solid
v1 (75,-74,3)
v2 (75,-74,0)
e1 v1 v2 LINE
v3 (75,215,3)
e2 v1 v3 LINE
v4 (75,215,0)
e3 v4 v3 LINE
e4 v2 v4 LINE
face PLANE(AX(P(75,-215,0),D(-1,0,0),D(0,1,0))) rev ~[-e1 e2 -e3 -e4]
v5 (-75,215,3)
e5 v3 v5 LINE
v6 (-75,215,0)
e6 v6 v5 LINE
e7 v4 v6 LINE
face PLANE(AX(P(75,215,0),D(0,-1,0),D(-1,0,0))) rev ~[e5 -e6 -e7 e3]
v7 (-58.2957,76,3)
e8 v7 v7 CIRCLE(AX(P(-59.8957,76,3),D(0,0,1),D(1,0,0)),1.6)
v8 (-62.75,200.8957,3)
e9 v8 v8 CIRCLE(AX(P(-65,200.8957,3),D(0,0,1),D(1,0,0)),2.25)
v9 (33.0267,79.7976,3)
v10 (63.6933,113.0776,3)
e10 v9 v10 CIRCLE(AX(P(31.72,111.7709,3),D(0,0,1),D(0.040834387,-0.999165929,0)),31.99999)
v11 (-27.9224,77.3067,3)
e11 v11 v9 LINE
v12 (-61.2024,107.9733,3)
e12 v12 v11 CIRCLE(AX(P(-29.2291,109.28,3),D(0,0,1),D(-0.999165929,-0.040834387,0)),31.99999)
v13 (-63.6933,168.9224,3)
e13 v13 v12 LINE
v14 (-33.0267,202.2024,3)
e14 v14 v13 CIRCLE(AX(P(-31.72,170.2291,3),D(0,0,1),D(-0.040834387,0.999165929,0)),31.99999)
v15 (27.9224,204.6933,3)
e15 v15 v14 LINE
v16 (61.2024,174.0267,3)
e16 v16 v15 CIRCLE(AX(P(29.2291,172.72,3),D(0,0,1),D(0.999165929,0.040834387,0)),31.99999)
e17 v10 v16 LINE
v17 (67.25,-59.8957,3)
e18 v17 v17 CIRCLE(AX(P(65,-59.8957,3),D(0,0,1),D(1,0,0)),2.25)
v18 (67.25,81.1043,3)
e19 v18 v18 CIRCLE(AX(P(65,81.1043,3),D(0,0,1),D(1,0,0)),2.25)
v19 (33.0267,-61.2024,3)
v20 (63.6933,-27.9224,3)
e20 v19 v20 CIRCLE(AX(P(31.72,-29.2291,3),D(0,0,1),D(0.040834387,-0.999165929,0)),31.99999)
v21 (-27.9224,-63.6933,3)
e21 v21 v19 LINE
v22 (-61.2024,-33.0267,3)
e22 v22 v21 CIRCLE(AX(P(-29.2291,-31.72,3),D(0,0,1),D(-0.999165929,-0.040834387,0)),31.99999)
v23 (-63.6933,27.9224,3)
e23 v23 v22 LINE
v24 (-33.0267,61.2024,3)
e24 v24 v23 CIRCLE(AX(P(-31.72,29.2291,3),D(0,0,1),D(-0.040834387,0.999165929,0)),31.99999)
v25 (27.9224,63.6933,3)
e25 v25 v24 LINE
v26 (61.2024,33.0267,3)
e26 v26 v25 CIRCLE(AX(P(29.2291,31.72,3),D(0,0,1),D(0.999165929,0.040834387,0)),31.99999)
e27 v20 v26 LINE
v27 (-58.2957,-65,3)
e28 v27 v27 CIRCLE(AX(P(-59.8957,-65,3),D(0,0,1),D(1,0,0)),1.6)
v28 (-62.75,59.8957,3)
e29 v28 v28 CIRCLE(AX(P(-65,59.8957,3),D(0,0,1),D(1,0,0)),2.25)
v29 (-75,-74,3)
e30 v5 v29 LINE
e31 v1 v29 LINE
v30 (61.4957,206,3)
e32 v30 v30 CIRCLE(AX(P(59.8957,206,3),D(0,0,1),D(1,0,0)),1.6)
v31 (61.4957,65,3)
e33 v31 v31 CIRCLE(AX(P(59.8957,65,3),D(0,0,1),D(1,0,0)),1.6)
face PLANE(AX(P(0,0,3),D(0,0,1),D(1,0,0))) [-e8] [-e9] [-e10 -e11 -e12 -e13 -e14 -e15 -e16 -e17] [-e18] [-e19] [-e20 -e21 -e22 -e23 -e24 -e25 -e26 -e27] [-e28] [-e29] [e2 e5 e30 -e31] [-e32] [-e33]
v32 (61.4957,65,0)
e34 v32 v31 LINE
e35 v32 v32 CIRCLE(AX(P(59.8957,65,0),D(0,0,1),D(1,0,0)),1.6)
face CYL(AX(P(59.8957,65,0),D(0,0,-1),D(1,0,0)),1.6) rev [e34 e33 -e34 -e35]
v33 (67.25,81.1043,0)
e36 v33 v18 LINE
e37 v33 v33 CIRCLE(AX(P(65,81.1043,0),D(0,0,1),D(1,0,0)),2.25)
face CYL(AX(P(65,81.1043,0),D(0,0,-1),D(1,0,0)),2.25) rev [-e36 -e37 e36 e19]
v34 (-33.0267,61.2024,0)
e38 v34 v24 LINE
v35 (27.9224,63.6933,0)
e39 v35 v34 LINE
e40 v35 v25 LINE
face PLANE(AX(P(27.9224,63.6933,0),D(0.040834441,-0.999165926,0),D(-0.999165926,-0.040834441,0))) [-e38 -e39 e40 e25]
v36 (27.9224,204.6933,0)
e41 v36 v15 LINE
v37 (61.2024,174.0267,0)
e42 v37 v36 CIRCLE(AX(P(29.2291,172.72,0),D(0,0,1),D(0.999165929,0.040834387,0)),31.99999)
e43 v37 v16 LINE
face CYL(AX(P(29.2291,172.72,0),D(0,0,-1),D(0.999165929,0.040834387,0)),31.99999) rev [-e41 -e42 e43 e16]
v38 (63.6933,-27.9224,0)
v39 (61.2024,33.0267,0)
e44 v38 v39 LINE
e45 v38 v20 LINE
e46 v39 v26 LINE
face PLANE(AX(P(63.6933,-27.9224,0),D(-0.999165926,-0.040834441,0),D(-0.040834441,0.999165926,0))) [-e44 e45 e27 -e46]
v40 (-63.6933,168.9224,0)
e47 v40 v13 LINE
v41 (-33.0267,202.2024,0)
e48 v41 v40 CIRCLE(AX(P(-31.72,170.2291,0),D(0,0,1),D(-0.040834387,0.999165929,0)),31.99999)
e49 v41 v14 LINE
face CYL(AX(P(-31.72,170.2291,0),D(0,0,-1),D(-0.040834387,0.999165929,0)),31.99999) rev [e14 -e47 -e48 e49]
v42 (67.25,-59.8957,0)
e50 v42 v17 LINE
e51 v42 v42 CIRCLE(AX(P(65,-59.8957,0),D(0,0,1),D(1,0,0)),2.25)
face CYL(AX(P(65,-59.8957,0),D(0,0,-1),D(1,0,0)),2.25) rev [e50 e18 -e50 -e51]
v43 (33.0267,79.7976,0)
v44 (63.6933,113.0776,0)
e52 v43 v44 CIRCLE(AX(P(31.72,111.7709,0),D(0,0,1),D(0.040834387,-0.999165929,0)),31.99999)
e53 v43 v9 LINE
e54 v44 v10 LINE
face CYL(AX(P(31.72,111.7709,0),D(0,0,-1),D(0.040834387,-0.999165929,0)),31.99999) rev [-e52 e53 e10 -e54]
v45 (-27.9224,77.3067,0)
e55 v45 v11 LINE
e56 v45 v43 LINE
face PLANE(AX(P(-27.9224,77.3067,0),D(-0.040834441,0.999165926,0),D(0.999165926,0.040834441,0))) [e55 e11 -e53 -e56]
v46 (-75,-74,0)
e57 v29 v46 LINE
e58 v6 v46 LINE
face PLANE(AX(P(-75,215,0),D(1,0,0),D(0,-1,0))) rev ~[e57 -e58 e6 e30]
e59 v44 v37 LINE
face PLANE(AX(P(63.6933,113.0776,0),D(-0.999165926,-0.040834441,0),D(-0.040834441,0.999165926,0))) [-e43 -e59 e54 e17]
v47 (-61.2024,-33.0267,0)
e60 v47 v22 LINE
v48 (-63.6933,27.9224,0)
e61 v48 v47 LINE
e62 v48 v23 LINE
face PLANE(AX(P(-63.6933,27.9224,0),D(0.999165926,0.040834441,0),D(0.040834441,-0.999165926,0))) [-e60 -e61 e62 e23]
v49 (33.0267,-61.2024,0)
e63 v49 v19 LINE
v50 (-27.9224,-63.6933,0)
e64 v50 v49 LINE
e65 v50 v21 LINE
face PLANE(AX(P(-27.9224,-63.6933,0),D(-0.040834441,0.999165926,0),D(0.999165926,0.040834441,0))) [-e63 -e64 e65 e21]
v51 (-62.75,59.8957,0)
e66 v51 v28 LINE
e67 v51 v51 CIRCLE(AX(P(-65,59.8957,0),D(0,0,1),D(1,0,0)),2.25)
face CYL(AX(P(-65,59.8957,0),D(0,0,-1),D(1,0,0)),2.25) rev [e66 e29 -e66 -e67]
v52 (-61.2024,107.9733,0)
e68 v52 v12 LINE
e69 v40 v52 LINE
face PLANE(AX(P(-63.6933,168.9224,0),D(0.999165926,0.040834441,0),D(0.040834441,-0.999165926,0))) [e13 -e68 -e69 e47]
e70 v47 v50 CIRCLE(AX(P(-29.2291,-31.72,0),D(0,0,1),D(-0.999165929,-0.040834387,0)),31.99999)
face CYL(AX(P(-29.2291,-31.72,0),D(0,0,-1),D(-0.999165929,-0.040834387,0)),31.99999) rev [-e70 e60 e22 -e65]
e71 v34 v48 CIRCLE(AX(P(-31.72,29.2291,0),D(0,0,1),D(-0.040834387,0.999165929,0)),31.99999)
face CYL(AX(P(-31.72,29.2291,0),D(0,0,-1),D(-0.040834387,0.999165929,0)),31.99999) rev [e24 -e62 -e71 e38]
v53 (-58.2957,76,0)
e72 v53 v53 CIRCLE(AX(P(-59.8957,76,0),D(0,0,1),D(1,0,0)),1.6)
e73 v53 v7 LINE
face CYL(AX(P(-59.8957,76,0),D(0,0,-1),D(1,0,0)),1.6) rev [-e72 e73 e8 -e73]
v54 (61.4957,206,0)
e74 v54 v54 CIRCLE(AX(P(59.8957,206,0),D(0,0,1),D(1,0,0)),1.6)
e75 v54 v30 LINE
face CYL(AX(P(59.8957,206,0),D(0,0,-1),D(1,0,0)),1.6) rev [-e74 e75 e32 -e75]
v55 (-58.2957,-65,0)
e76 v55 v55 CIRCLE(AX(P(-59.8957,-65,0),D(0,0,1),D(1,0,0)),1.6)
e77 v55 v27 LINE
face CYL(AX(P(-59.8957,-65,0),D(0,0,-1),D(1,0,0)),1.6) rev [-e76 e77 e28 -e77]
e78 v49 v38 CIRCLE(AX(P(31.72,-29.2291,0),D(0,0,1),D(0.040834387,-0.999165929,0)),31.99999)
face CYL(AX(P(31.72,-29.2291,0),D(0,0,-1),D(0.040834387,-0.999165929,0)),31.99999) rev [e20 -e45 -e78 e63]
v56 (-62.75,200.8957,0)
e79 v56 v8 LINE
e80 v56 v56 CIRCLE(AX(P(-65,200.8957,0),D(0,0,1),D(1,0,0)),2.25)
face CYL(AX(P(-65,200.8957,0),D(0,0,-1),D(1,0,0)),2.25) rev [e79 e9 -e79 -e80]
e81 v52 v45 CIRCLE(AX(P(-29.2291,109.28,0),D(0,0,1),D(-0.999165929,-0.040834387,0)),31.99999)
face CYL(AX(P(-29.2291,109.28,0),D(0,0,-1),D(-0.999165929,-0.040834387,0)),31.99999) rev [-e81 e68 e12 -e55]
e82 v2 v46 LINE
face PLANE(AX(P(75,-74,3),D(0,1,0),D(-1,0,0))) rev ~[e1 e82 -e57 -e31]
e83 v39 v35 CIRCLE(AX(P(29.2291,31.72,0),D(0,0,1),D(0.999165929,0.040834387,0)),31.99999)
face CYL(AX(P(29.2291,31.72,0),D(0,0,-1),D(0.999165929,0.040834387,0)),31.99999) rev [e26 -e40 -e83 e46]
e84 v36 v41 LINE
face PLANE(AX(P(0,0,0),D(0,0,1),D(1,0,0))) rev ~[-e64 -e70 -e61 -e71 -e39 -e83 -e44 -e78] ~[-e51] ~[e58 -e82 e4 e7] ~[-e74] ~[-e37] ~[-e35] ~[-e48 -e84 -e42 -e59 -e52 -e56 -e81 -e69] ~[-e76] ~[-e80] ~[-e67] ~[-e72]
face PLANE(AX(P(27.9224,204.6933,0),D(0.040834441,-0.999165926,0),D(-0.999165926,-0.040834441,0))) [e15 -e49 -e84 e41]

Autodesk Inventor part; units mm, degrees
ref_plane "YZ Plane" through (0, 0, 0) normal (1, 0, 0) x (0, 1, 0)
ref_plane "XZ Plane" through (0, 0, 0) normal (0, 1, 0) x (-1, 0, 0)
ref_plane "XY Plane" through (0, 0, 0) normal (0, 0, 1) x (1, 0, 0)
sketch "スケッチ1" plane through (0, 0, 0) normal (0, 0, 1) x (1, 0, 0)
  line L0 (-75, -215) -> (75, -215)
  line L1 (75, -215) -> (75, 215)
  line L2 (75, 215) -> (-75, 215)
  line L3 (-75, 215) -> (-75, -215)
  line L4 (-75, -215) -> (75, 215) construction
  line L5 (75, -215) -> (-75, 215) construction
  line L6 (-65, -215) -> (-65, 215) construction
  line L7 (-65, 59.8957) -> (59.8957, 65) construction
  line L8 (59.8957, 65) -> (65, -59.8957) construction
  line L9 (65, -59.8957) -> (-59.8957, -65) construction
  line L10 (-59.8957, -65) -> (-65, 59.8957) construction
  line L11 (-65, 59.8957) -> (65, -59.8957) construction
  line L12 (59.8957, 65) -> (-59.8957, -65) construction
  circle A0 centre (-65, 59.8957) radius 2.25
  line L13 (-67.0832, -72.8) -> (72.8, -67.0832) construction
  line L14 (72.8, -67.0832) -> (67.0832, 72.8) construction
  line L15 (67.0832, 72.8) -> (-72.8, 67.0832) construction
  line L16 (-72.8, 67.0832) -> (-67.0832, -72.8) construction
  line L17 (-67.0832, -72.8) -> (67.0832, 72.8) construction
  line L18 (72.8, -67.0832) -> (-72.8, 67.0832) construction
  line L19 (0, 0) -> (0, 70.0584) construction
  circle A1 centre (65, -59.8957) radius 2.25
  circle A2 centre (59.8957, 65) radius 1.6
  circle A3 centre (-59.8957, -65) radius 1.6
  line L20 (-63.6933, 27.9224) -> (-61.2024, -33.0267)
  line L21 (-27.9224, -63.6933) -> (33.0267, -61.2024)
  line L22 (63.6933, -27.9224) -> (61.2024, 33.0267)
  line L23 (27.9224, 63.6933) -> (-33.0267, 61.2024)
  line L24 (-62.4479, -2.5521) -> (62.4479, 2.5521) construction
  arc A4 (-33.0267, 61.2024) -> (-63.6933, 27.9224) centre (-31.72, 29.2291) ccw
  arc A5 (61.2024, 33.0267) -> (27.9224, 63.6933) centre (29.2291, 31.72) ccw
  arc A6 (33.0267, -61.2024) -> (63.6933, -27.9224) centre (31.72, -29.2291) ccw
  arc A7 (-61.2024, -33.0267) -> (-27.9224, -63.6933) centre (-29.2291, -31.72) ccw
  circle A8 centre (-65, -81.1043) radius 2.25
  circle A9 centre (-59.8957, -206) radius 1.6
  circle A10 centre (65, -200.8957) radius 2.25
  circle A11 centre (59.8957, -76) radius 1.6
  arc A12 (61.2024, -107.9733) -> (27.9224, -77.3067) centre (29.2291, -109.28) ccw
  line L25 (27.9224, -77.3067) -> (-33.0267, -79.7976)
  arc A13 (-33.0267, -79.7976) -> (-63.6933, -113.0776) centre (-31.72, -111.7709) ccw
  line L26 (-63.6933, -113.0776) -> (-61.2024, -174.0267)
  arc A14 (-61.2024, -174.0267) -> (-27.9224, -204.6933) centre (-29.2291, -172.72) ccw
  line L27 (-27.9224, -204.6933) -> (33.0267, -202.2024)
  arc A15 (33.0267, -202.2024) -> (63.6933, -168.9224) centre (31.72, -170.2291) ccw
  line L28 (63.6933, -168.9224) -> (61.2024, -107.9733)
  circle A16 centre (-65, 200.8957) radius 2.25
  circle A17 centre (-59.8957, 76) radius 1.6
  circle A18 centre (65, 81.1043) radius 2.25
  circle A19 centre (59.8957, 206) radius 1.6
  arc A20 (61.2024, 174.0267) -> (27.9224, 204.6933) centre (29.2291, 172.72) ccw
  line L29 (27.9224, 204.6933) -> (-33.0267, 202.2024)
  arc A21 (-33.0267, 202.2024) -> (-63.6933, 168.9224) centre (-31.72, 170.2291) ccw
  line L30 (-63.6933, 168.9224) -> (-61.2024, 107.9733)
  arc A22 (-61.2024, 107.9733) -> (-27.9224, 77.3067) centre (-29.2291, 109.28) ccw
  line L31 (-27.9224, 77.3067) -> (33.0267, 79.7976)
  arc A23 (33.0267, 79.7976) -> (63.6933, 113.0776) centre (31.72, 111.7709) ccw
  line L32 (63.6933, 113.0776) -> (61.2024, 174.0267)
  circle A24 centre (-65, 59.8957) radius 2.25
  circle A25 centre (-59.8957, -65) radius 1.6
  circle A26 centre (65, -59.8957) radius 2.25
  circle A27 centre (59.8957, 65) radius 1.6
  arc A28 (61.2024, 33.0267) -> (27.9224, 63.6933) centre (29.2291, 31.72) ccw
  line L33 (27.9224, 63.6933) -> (-33.0267, 61.2024)
  arc A29 (-33.0267, 61.2024) -> (-63.6933, 27.9224) centre (-31.72, 29.2291) ccw
  line L34 (-63.6933, 27.9224) -> (-61.2024, -33.0267)
  arc A30 (-61.2024, -33.0267) -> (-27.9224, -63.6933) centre (-29.2291, -31.72) ccw
  line L35 (-27.9224, -63.6933) -> (33.0267, -61.2024)
  arc A31 (33.0267, -61.2024) -> (63.6933, -27.9224) centre (31.72, -29.2291) ccw
  line L36 (63.6933, -27.9224) -> (61.2024, 33.0267)
  point P0 (-65, 59.8957)
  point P1 (59.8957, 65)
  point P2 (-65, -81.1043)
  point P3 (59.8957, -76)
  point P4 (-62.4479, -143.5521)
  point P5 (62.4479, -138.4479)
  point P6 (-65, 200.8957)
  point P7 (59.8957, 206)
  point P8 (-62.4479, 138.4479)
  point P9 (62.4479, 143.5521)
  point P10 (-65, 59.8957)
  point P11 (59.8957, 65)
  dimension "d0" = 150
  dimension "d1" = 430
  dimension "d3" = 65
  dimension "d4" = 125
  dimension "d7" = 4.5
  dimension "d8" = 140
  dimension "d9" = 70.0584
  dimension "d10" = 3.2
  dimension "d24" = 125
  dimension "d25" = 32
  dimension "d28" = 141
  dimension "d31" = 141
extrude "押し出し1" add sketch "スケッチ1" along normal blind 3 contours L3 L2 L1 L0 | A8 | A9 | A10 | A11
sketch "スケッチ4" plane through (0, 0, 3) normal (0, 0, 1) x (1, 0, 0)
  line L0 (-75, -215) -> (75, -215) construction
  line L1 (-75, -215) -> (75, -215)
  line L2 (75, -215) -> (75, -74)
  line L3 (75, -74) -> (-75, -74)
  line L4 (-75, -74) -> (-75, -215)
  point P0 (0, 0)
  dimension "d43" = 141
extrude "押し出し3" cut sketch "スケッチ4" against normal through all
properties part number "top_140mm" material "アルミニウム 6061"
